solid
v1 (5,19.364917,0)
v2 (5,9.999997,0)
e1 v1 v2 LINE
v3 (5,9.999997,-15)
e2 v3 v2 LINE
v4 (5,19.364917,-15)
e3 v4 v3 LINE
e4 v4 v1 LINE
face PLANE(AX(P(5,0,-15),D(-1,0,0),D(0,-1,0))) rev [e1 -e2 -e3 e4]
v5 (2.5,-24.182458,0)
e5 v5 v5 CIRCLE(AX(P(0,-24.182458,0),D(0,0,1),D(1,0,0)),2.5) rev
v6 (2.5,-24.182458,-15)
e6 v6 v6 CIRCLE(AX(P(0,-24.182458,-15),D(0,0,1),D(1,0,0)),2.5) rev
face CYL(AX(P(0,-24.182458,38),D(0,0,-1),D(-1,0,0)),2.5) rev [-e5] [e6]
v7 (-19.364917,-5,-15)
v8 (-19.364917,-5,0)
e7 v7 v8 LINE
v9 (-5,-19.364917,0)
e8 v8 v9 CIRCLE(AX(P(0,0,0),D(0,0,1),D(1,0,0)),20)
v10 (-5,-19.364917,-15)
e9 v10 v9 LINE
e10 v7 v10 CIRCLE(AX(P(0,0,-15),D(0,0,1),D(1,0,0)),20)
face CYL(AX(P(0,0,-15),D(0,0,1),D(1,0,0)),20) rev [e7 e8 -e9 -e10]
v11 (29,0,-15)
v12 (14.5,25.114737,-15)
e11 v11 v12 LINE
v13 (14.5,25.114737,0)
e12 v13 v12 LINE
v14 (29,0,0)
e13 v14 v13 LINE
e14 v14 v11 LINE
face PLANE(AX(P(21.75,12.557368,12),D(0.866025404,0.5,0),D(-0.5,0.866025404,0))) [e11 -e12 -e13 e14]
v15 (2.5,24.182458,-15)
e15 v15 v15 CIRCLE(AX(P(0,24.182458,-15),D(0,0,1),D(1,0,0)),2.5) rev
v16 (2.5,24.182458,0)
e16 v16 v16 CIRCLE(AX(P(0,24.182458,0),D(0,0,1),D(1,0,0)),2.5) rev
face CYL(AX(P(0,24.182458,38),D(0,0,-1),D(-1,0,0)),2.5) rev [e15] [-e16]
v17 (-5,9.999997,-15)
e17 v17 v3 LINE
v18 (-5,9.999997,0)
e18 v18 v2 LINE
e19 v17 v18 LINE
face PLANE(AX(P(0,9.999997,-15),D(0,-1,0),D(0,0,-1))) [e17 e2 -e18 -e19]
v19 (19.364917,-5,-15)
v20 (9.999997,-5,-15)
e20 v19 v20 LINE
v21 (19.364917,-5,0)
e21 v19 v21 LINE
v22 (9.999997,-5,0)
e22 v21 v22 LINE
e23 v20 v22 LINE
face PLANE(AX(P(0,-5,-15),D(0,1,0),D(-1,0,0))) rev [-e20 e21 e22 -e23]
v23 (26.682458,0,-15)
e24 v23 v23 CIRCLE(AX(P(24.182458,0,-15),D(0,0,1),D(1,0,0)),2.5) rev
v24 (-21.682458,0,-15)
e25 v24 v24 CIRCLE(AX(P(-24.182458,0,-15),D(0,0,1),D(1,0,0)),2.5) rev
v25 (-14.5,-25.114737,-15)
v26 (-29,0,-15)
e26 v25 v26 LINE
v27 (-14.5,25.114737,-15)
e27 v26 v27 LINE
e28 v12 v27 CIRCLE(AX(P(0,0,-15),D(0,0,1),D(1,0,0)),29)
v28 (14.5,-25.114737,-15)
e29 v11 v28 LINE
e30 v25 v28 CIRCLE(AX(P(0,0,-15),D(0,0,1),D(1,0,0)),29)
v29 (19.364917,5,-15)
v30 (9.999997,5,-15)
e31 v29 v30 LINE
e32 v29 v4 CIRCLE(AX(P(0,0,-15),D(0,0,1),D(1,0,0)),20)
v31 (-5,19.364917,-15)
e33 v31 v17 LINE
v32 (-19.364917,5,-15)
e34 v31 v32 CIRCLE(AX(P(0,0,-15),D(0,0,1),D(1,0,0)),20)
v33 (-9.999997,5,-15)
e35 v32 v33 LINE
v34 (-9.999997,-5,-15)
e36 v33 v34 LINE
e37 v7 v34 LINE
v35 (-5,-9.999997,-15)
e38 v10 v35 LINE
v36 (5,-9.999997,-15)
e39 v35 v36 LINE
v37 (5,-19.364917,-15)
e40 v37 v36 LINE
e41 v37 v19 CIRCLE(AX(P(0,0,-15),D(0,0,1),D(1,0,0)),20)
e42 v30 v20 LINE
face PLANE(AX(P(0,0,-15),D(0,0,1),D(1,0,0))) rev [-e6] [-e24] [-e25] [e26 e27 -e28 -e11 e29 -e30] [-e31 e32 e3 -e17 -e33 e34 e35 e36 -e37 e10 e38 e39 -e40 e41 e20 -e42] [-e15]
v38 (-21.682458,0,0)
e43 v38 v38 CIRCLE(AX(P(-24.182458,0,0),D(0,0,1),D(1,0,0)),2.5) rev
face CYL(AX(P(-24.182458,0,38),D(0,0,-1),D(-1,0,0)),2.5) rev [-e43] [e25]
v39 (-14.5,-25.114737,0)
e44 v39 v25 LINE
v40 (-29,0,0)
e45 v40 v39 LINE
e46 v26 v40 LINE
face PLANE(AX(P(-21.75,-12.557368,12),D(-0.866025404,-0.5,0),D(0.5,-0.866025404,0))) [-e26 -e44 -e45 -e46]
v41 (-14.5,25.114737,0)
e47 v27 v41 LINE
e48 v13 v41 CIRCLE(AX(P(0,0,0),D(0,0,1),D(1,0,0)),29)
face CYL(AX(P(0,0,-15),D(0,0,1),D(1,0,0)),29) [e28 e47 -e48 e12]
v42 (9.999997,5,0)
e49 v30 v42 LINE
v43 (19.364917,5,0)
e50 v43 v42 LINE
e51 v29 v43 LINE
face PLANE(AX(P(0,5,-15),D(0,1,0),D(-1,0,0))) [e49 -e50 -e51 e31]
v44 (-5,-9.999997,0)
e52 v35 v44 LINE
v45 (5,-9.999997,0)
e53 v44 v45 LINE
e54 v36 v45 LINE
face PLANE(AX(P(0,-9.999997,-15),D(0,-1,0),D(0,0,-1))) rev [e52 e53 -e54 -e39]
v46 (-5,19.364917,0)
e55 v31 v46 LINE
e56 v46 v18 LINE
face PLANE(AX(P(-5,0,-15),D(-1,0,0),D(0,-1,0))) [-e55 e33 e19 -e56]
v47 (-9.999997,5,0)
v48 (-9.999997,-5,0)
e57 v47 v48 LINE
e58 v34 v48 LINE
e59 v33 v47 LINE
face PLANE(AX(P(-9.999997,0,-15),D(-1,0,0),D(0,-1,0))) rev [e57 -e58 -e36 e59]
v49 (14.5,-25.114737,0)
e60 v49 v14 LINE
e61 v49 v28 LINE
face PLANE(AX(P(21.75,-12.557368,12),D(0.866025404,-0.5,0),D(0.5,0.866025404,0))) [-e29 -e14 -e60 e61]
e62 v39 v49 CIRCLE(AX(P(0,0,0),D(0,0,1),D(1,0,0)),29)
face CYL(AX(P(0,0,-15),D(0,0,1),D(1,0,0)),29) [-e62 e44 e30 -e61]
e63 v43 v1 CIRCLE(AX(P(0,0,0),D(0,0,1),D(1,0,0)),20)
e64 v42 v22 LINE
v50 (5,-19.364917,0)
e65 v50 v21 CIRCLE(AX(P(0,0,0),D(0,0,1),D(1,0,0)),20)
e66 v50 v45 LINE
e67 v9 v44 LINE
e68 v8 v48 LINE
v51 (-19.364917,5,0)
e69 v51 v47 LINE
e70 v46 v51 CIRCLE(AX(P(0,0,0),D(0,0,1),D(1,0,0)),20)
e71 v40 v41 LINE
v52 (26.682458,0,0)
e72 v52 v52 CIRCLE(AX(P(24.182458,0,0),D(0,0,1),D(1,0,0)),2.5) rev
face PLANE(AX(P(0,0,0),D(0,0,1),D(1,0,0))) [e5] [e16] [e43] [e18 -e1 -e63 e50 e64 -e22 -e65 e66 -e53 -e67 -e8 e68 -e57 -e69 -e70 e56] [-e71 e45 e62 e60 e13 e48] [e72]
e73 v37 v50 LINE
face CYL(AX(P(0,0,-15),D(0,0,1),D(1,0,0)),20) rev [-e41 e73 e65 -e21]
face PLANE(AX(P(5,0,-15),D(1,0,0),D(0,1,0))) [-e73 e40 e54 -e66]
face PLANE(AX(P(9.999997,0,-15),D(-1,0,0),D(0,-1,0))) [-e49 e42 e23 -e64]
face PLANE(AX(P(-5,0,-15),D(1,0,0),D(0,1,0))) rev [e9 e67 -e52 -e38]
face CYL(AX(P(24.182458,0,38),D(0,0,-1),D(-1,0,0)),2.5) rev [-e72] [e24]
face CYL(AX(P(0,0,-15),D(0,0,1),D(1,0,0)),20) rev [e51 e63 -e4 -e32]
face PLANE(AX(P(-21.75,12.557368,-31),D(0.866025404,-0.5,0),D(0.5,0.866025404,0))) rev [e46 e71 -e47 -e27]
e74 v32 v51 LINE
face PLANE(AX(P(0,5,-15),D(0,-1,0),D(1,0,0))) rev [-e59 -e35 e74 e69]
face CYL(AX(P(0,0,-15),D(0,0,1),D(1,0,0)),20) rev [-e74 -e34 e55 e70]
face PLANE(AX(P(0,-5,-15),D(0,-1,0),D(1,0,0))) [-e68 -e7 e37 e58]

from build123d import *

# Parameters (mm, degrees)
SKETCH6_R                 = 29
SKETCH6_R_2               = 20
INNER_RING_DEPTH          = 15
MOTOR_CONNECTOR_CUT_DEPTH = 15
SKETCH8_R                 = 2.5
M3_HOLES_DEPTH            = 38
M3_HOLES_DEPTH_BACK       = 53
CUT_EXTRUDE1_DEPTH        = 16
CUT_EXTRUDE1_DEPTH_BACK   = 27


with BuildPart() as part:
    # Sketch6 → Inner Ring (new body)
    with BuildSketch(Plane.XY):
        Circle(SKETCH6_R)
        Circle(SKETCH6_R_2, mode=Mode.SUBTRACT)
    extrude(amount=-INNER_RING_DEPTH)

    # Sketch7 → Motor Connector Cut (add)
    with BuildSketch(Plane.XY):
        with BuildLine():
            ThreePointArc((20, 0), (19.840593925, 2.52008585), (19.364916731, 5))
            Line((19.364916731, 5), (9.999996731, 5))
            Line((9.999996731, 5), (9.999996731, -5))
            Line((9.999996731, -5), (19.364916731, -5))
            ThreePointArc((19.364916731, -5), (19.840593925, -2.52008585), (20, 0))
        make_face()
        with BuildLine():
            ThreePointArc((5, 19.364916731), (0, 20), (-5, 19.364916731))
            Line((-5, 19.364916731), (-5, 9.999996731))
            Line((-5, 9.999996731), (5, 9.999996731))
            Line((5, 9.999996731), (5, 19.364916731))
        make_face()
        with BuildLine():
            Line((-9.999996731, -5), (-9.999996731, 5))
            Line((-9.999996731, 5), (-19.364916731, 5))
            ThreePointArc((-19.364916731, 5), (-20, 0), (-19.364916731, -5))
            Line((-19.364916731, -5), (-9.999996731, -5))
        make_face()
        with BuildLine():
            Line((-5, -9.999996731), (-5, -19.364916731))
            ThreePointArc((-5, -19.364916731), (0, -20), (5, -19.364916731))
            Line((5, -19.364916731), (5, -9.999996731))
            Line((5, -9.999996731), (-5, -9.999996731))
        make_face()
    extrude(amount=-MOTOR_CONNECTOR_CUT_DEPTH)

    # Sketch8 → M3 Holes (cut, two sides)
    with BuildSketch(Plane.XY) as m3_holes_sk:
        with Locations((0, 24.182458366)):
            Circle(SKETCH8_R)
        with Locations((24.182458366, 0)):
            Circle(SKETCH8_R)
        with Locations((0, -24.182458366)):
            Circle(SKETCH8_R)
        with Locations((-24.182458366, 0)):
            Circle(SKETCH8_R)
    extrude(amount=M3_HOLES_DEPTH, mode=Mode.SUBTRACT)
    extrude(m3_holes_sk.sketch, amount=-M3_HOLES_DEPTH_BACK, mode=Mode.SUBTRACT)

    # Sketch9 → Cut-Extrude1 (cut, two sides)
    with BuildSketch(Plane(origin=(0, 0, -15), x_dir=(-1, 0, 0), z_dir=(0, 0, -1))) as cut_extrude1_sk:
        with BuildLine():
            Line((14.5, 25.11473671), (29, 0))
            ThreePointArc((29, 0), (25.11473671, 14.5), (14.5, 25.11473671))
        make_face()
        with BuildLine():
            Line((-29, 0), (-14.5, 25.11473671))
            ThreePointArc((-14.5, 25.11473671), (-25.11473671, 14.5), (-29, 0))
        make_face()
        with BuildLine():
            ThreePointArc((-29, 0), (-25.11473671, -14.5), (-14.5, -25.11473671))
            Line((-14.5, -25.11473671), (-29, 0))
        make_face()
        with BuildLine():
            ThreePointArc((14.5, -25.11473671), (25.11473671, -14.5), (29, 0))
            Line((29, 0), (14.5, -25.11473671))
        make_face()
    extrude(amount=CUT_EXTRUDE1_DEPTH, mode=Mode.SUBTRACT)
    extrude(cut_extrude1_sk.sketch, amount=-CUT_EXTRUDE1_DEPTH_BACK, mode=Mode.SUBTRACT)


solid = part.part
